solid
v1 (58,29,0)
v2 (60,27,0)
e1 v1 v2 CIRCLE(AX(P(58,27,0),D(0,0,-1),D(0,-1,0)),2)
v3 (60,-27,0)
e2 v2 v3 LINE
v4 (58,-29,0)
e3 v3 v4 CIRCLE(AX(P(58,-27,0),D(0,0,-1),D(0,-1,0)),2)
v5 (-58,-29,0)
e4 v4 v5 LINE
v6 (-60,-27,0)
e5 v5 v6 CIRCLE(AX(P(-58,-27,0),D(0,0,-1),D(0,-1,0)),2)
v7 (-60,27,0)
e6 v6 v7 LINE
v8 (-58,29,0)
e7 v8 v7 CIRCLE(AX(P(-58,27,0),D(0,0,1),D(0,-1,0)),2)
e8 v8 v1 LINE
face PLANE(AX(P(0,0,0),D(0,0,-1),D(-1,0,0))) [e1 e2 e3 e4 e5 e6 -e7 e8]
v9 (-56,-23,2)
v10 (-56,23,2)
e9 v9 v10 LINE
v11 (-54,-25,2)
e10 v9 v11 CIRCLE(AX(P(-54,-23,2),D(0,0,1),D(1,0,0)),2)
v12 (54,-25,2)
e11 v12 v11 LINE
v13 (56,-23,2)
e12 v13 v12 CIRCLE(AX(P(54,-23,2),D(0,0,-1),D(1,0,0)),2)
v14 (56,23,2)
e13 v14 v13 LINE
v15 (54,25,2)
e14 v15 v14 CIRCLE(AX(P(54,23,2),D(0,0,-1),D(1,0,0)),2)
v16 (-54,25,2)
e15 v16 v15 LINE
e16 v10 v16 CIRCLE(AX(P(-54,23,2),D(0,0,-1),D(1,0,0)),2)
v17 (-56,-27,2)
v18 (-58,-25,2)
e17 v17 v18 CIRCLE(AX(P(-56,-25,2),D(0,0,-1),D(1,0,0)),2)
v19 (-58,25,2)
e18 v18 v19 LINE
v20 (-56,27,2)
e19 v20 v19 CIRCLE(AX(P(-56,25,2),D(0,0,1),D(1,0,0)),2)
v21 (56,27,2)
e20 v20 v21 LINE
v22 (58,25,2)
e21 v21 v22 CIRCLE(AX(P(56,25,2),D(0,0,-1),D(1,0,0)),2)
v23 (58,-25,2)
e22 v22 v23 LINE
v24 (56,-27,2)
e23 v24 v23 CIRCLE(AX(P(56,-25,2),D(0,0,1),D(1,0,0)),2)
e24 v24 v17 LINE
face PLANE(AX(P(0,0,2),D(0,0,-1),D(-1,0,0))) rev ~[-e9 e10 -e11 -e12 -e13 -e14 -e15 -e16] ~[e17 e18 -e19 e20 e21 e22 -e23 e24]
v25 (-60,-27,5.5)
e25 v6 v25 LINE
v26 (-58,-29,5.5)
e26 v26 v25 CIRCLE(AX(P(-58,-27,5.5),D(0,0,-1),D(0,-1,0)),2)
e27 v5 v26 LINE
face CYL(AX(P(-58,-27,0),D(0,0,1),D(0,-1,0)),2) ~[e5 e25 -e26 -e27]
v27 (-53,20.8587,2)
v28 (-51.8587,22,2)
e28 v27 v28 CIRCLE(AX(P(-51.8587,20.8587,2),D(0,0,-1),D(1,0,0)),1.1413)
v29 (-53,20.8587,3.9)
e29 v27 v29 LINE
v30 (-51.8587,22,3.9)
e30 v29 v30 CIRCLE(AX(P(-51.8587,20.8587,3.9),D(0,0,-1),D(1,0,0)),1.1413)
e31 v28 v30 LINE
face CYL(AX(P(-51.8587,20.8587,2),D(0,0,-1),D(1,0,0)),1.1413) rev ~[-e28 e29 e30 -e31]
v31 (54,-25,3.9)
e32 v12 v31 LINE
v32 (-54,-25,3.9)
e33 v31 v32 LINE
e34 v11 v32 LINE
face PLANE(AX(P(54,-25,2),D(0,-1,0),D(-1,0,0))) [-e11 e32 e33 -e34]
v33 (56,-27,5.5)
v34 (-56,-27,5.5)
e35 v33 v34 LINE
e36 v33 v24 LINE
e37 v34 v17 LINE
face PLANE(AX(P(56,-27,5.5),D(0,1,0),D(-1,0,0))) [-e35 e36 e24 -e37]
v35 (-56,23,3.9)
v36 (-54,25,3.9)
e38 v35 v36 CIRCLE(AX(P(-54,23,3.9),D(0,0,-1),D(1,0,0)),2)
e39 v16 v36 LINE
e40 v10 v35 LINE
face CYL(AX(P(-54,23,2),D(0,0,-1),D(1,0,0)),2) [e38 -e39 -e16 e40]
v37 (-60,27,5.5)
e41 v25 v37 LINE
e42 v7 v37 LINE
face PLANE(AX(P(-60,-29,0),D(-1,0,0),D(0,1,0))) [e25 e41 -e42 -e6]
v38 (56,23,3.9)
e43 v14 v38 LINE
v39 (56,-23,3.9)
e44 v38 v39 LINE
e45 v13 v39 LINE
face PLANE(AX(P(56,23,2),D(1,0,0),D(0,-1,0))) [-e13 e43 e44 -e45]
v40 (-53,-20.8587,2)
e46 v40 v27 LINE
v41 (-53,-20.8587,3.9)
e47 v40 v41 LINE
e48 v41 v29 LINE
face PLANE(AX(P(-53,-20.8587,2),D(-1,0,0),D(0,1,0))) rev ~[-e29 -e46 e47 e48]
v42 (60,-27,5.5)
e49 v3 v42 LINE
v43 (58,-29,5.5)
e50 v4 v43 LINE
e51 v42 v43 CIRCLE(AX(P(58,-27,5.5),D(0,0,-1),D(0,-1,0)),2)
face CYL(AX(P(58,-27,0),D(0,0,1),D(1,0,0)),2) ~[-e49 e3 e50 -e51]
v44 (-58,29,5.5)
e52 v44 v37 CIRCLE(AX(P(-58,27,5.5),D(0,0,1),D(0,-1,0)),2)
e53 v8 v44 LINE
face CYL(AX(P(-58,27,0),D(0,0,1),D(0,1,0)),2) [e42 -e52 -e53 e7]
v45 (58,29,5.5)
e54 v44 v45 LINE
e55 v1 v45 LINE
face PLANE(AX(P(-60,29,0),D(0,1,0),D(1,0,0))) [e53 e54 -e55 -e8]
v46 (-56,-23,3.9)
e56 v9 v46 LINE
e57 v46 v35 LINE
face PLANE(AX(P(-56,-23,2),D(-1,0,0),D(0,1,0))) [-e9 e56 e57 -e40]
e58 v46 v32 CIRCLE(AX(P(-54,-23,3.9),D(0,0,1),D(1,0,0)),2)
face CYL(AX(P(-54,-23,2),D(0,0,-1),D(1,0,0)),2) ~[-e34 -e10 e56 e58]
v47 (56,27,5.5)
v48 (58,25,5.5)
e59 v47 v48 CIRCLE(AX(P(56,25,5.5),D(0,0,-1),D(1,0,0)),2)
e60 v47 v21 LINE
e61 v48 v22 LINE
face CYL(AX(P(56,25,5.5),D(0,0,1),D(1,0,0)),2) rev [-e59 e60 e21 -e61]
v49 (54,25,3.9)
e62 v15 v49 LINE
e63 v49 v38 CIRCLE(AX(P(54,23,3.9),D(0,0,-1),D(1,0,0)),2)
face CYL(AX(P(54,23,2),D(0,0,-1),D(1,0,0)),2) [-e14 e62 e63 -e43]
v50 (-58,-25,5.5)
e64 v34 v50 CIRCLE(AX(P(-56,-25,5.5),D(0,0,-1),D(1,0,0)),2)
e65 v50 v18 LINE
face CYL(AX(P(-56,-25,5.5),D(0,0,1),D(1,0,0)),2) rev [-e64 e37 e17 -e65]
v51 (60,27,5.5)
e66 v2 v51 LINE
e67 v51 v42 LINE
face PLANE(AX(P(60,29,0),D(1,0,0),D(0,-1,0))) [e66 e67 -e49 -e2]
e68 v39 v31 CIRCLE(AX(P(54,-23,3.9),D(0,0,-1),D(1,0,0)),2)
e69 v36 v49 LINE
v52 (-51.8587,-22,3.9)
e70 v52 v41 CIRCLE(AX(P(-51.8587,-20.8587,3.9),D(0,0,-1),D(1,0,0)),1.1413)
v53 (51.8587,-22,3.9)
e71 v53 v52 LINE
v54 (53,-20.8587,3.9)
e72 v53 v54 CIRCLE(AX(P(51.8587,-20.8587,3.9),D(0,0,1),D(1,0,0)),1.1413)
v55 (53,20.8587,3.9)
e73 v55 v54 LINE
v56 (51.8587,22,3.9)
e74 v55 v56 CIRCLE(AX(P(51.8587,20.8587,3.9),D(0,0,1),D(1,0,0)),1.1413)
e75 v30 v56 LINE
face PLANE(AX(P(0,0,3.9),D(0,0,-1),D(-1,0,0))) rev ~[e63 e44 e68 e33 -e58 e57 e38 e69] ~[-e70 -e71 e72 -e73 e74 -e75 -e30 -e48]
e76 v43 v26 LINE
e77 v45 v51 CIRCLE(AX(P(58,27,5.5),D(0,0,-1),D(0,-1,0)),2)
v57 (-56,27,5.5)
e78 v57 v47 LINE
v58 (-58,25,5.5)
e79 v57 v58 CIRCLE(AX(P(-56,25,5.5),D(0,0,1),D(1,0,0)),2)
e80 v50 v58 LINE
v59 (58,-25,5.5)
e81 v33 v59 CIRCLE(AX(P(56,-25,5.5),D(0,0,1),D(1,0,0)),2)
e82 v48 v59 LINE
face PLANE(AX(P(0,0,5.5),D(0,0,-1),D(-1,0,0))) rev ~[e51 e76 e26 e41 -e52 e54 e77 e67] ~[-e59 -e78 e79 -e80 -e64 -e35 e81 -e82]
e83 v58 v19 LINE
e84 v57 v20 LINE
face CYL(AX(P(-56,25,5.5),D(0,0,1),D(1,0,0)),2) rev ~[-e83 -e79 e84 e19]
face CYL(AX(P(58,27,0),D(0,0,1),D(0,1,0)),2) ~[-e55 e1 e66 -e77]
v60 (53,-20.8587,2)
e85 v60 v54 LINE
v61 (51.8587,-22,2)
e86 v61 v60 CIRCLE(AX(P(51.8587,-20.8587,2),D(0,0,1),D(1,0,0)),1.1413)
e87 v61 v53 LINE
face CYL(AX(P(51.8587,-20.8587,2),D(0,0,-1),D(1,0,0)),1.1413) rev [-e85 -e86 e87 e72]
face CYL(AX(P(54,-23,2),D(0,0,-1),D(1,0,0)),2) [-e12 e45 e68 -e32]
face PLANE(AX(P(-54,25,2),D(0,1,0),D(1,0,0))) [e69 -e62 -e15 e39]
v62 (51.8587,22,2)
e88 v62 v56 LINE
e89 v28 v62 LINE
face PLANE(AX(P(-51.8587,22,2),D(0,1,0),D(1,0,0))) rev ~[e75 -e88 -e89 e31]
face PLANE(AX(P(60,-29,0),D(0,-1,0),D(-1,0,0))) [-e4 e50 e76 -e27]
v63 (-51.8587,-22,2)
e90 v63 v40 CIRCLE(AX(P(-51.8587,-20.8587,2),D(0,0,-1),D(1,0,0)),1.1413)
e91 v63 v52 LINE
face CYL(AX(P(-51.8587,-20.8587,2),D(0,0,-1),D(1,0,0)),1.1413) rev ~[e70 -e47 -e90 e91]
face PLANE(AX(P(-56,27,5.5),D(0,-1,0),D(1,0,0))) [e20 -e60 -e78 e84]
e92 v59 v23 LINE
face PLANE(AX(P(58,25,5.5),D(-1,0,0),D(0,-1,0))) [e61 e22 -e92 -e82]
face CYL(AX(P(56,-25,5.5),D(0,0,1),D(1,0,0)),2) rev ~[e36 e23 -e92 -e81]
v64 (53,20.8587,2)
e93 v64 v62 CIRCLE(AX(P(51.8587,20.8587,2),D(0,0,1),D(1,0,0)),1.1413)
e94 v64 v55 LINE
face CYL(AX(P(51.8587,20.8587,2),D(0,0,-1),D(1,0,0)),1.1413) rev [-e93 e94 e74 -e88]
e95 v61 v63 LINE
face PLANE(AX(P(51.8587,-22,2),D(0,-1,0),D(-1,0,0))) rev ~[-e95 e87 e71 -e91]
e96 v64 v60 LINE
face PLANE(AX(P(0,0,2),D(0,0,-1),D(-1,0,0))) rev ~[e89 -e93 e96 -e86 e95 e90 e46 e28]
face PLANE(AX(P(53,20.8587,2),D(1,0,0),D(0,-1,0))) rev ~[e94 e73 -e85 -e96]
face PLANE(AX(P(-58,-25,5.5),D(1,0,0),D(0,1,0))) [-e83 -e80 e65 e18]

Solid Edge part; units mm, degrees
sketch "Sketch1" plane through (0, 0, 0) normal (0, 0, 1) x (1, 0, 0)
  line L0 (-60, 29) -> (60, 29)
  line L1 (60, 29) -> (60, -29)
  line L2 (60, -29) -> (-60, -29)
  line L3 (-60, -29) -> (-60, 29)
  dimension "D1" = 120
  dimension "D2" = 58
extrude "Protrusion1" add sketch "Sketch1" along normal blind 5.5
fillet "Redondo_1" radius 2 4 edges at (60, 29, 2.75) (60, -29, 2.75) (-60, 29, 2.75) (-60, -29, 2.75)
sketch "Sketch2" plane through (0, 0, 5.5) normal (0, 0, 1) x (1, 0, 0)
  line L0 (-56, 27) -> (56, 27)
  arc A0 (56, 27) -> (58, 25) centre (56, 25) cw
  line L1 (58, 25) -> (58, -25)
  arc A1 (56, -27) -> (58, -25) centre (56, -25) ccw
  line L2 (56, -27) -> (-56, -27)
  arc A2 (-56, -27) -> (-58, -25) centre (-56, -25) cw
  line L3 (-58, -25) -> (-58, 25)
  arc A3 (-56, 27) -> (-58, 25) centre (-56, 25) ccw
  dimension "D1" = 2
  dimension "D2" = 2
  dimension "D3" = 2
extrude "Recorte_Extrudado_1" cut sketch "Sketch2" against normal blind 3.5
sketch "Sketch3" plane through (0, 0, 2) normal (0, 0, 1) x (1, 0, 0)
  line L0 (-54, 25) -> (54, 25)
  arc A0 (54, 25) -> (56, 23) centre (54, 23) cw
  line L1 (56, 23) -> (56, -23)
  arc A1 (56, -23) -> (54, -25) centre (54, -23) cw
  line L2 (54, -25) -> (-54, -25)
  arc A2 (-56, -23) -> (-54, -25) centre (-54, -23) ccw
  line L3 (-56, -23) -> (-56, 23)
  arc A3 (-56, 23) -> (-54, 25) centre (-54, 23) cw
  line L4 (-51.8587, 22) -> (51.8587, 22)
  arc A4 (53, 20.8587) -> (51.8587, 22) centre (51.8587, 20.8587) ccw
  line L5 (53, 20.8587) -> (53, -20.8587)
  arc A5 (51.8587, -22) -> (53, -20.8587) centre (51.8587, -20.8587) ccw
  line L6 (51.8587, -22) -> (-51.8587, -22)
  arc A6 (-51.8587, -22) -> (-53, -20.8587) centre (-51.8587, -20.8587) cw
  line L7 (-53, -20.8587) -> (-53, 20.8587)
  arc A7 (-53, 20.8587) -> (-51.8587, 22) centre (-51.8587, 20.8587) cw
  dimension "D1" = 2
  dimension "D2" = 2
  dimension "D3" = 2
  dimension "D4" = 3
  dimension "D5" = 3
  dimension "D6" = 3
  dimension "D7" = 48
  dimension "D8" = 3
extrude "Protrusion2" add sketch "Sketch3" along normal blind 1.9
